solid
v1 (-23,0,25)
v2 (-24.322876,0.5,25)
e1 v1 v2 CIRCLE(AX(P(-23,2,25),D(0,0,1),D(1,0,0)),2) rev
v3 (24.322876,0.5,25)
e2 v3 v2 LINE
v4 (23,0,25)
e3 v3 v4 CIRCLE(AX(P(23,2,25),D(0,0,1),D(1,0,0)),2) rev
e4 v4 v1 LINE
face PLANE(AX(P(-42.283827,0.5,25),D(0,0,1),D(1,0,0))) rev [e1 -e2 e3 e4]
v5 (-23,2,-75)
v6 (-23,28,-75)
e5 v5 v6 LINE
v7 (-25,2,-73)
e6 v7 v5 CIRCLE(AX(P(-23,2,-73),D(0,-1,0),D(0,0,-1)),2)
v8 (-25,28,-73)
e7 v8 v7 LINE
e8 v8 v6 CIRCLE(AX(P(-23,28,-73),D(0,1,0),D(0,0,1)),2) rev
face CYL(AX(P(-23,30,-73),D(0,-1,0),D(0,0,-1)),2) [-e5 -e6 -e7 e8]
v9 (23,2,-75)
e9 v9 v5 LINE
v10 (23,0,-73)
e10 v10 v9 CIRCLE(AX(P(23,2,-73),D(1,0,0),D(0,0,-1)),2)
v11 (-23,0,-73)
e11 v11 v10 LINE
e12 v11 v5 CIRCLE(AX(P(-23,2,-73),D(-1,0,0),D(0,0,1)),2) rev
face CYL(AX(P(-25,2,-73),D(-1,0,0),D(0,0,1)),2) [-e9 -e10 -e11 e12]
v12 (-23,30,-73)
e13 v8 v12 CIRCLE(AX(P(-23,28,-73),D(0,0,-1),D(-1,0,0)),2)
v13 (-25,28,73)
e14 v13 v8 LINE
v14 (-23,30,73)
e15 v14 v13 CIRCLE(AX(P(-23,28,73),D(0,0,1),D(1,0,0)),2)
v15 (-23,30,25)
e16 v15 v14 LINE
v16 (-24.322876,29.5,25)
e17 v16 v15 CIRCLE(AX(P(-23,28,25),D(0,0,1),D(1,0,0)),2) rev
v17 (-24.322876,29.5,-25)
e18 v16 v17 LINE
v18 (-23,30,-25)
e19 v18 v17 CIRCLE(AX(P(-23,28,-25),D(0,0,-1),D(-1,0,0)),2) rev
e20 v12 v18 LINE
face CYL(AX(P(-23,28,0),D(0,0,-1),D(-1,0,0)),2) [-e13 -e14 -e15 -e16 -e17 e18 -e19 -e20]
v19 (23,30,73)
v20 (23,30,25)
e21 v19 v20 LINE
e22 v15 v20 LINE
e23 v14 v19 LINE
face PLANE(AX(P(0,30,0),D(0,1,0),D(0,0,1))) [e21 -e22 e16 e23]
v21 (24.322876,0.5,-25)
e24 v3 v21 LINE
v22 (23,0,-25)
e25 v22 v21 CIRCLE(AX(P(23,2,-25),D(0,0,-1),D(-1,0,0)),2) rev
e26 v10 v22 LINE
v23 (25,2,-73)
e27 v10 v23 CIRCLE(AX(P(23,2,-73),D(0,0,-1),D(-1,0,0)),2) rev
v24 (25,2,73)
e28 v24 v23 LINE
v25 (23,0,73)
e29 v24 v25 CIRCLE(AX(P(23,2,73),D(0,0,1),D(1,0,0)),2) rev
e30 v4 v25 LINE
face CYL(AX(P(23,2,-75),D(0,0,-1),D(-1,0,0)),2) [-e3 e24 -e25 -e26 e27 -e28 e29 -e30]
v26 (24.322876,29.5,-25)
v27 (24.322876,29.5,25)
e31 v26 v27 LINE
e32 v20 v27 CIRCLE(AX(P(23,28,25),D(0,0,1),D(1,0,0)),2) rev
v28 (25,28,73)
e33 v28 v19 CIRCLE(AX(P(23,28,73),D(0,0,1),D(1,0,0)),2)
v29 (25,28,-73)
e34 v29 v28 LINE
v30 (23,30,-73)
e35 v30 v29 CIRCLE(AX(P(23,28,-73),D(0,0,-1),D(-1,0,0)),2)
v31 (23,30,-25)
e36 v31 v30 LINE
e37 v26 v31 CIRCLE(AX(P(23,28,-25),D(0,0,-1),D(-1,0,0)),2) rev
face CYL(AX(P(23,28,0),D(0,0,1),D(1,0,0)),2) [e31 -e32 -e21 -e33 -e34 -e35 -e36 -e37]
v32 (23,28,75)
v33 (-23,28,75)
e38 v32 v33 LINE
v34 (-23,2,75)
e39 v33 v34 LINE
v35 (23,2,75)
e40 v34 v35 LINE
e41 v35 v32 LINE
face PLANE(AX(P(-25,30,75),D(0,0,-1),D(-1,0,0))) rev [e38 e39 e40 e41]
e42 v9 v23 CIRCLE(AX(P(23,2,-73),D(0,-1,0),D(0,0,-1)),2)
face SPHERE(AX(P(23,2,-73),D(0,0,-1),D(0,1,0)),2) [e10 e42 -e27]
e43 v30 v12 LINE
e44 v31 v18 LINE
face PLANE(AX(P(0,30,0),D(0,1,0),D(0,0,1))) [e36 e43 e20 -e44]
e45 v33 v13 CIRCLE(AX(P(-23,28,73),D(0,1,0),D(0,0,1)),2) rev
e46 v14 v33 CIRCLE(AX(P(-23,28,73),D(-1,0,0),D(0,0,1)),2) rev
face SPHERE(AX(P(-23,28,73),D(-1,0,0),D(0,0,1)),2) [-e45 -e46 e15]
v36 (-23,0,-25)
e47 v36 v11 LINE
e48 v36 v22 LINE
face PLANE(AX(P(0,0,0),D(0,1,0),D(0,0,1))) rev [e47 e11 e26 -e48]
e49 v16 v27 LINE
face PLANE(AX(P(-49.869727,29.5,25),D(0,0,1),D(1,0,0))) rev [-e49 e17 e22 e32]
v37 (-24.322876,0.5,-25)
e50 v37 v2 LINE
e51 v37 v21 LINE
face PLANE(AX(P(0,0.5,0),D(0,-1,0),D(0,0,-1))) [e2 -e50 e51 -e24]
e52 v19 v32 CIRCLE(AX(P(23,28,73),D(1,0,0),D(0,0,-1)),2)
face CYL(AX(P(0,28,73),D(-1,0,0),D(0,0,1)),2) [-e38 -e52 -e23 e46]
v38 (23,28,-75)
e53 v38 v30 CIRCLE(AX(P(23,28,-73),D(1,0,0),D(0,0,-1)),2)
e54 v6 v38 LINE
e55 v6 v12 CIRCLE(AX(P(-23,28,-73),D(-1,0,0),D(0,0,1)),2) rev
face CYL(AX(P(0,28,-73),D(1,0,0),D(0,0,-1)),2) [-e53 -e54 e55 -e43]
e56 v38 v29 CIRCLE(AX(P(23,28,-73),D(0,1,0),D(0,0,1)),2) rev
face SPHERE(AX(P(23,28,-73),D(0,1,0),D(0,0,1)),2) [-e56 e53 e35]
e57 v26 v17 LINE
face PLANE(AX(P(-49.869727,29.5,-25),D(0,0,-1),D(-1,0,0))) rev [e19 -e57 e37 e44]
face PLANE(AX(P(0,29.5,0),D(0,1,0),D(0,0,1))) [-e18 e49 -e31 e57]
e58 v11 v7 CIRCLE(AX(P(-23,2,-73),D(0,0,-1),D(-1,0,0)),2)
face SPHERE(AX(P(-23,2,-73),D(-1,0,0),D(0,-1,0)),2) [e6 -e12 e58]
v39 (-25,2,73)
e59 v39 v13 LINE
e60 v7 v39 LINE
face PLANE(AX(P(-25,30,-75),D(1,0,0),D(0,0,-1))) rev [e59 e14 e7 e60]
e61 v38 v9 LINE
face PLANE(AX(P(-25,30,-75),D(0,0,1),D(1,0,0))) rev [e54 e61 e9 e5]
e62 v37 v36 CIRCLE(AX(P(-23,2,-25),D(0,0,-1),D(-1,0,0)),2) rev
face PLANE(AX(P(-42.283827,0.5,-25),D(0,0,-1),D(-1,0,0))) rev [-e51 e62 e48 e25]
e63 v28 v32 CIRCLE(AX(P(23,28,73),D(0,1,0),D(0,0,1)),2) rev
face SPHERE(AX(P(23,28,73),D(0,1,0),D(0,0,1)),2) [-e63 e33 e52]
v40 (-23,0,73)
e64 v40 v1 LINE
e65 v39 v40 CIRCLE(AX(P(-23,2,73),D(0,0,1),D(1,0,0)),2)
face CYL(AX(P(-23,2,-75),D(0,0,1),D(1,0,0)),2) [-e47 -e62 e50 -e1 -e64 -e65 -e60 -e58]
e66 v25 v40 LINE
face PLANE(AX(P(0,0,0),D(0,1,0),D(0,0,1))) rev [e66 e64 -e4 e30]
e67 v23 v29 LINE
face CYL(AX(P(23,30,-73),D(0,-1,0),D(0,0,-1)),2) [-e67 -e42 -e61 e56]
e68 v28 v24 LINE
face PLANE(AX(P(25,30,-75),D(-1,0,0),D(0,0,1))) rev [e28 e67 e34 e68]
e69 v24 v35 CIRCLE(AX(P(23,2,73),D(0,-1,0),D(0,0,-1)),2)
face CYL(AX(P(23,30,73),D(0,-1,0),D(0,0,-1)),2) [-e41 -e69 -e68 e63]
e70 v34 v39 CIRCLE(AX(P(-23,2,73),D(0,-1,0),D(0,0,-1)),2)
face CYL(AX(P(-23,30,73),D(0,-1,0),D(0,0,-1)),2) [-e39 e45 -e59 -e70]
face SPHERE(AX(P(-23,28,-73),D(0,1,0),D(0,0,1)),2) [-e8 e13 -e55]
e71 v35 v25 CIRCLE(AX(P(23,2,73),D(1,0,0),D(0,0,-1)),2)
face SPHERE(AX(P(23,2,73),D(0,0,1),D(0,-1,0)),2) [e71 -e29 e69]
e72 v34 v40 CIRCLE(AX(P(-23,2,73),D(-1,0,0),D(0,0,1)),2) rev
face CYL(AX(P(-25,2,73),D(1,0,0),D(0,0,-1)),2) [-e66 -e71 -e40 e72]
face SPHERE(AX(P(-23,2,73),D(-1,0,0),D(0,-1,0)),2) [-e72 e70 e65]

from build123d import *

# Parameters (mm, degrees)
SKETCH2_W           = 50
SKETCH2_H           = 150
BOSS_EXTRUDE1_DEPTH = 30
FILLET1_R           = 2
SKETCH3_W           = 99.739454276
SKETCH3_H           = 50
CUT_EXTRUDE1_DEPTH  = 0.5
SKETCH4_W           = 84.567654974
SKETCH4_H           = 50
CUT_EXTRUDE2_DEPTH  = 0.5


with BuildPart() as part:
    # Sketch2 → Boss-Extrude1 (new body)
    with BuildSketch(Plane(origin=(0, 0, 0), x_dir=(1, 0, 0), z_dir=(0, 1, 0))):
        Rectangle(SKETCH2_W, SKETCH2_H)
    extrude(amount=BOSS_EXTRUDE1_DEPTH)

    # Fillet1
    fillet1_edges = [part.edges().sort_by_distance(p)[0] for p in [
        (-25, 30, 0),
        (0, 30, 75),
        (25, 30, 0),
        (0, 0, 75),
        (-25, 0, 0),
        (0, 0, -75),
        (25, 0, 0),
        (25, 15, 75),
        (-25, 15, 75),
        (-25, 15, -75),
        (25, 15, -75),
        (0, 30, -75),
    ]]
    fillet(fillet1_edges, radius=FILLET1_R)

    # Sketch3 → Cut-Extrude1 (cut)
    with BuildSketch(Plane(origin=(0, 30, 0), x_dir=(1, 0, 0), z_dir=(0, 1, 0))):
        Rectangle(SKETCH3_W, SKETCH3_H)
    extrude(amount=-CUT_EXTRUDE1_DEPTH, mode=Mode.SUBTRACT)

    # Sketch4 → Cut-Extrude2 (cut)
    with BuildSketch(Plane.XZ):
        Rectangle(SKETCH4_W, SKETCH4_H)
    extrude(amount=-CUT_EXTRUDE2_DEPTH, mode=Mode.SUBTRACT)


solid = part.part
